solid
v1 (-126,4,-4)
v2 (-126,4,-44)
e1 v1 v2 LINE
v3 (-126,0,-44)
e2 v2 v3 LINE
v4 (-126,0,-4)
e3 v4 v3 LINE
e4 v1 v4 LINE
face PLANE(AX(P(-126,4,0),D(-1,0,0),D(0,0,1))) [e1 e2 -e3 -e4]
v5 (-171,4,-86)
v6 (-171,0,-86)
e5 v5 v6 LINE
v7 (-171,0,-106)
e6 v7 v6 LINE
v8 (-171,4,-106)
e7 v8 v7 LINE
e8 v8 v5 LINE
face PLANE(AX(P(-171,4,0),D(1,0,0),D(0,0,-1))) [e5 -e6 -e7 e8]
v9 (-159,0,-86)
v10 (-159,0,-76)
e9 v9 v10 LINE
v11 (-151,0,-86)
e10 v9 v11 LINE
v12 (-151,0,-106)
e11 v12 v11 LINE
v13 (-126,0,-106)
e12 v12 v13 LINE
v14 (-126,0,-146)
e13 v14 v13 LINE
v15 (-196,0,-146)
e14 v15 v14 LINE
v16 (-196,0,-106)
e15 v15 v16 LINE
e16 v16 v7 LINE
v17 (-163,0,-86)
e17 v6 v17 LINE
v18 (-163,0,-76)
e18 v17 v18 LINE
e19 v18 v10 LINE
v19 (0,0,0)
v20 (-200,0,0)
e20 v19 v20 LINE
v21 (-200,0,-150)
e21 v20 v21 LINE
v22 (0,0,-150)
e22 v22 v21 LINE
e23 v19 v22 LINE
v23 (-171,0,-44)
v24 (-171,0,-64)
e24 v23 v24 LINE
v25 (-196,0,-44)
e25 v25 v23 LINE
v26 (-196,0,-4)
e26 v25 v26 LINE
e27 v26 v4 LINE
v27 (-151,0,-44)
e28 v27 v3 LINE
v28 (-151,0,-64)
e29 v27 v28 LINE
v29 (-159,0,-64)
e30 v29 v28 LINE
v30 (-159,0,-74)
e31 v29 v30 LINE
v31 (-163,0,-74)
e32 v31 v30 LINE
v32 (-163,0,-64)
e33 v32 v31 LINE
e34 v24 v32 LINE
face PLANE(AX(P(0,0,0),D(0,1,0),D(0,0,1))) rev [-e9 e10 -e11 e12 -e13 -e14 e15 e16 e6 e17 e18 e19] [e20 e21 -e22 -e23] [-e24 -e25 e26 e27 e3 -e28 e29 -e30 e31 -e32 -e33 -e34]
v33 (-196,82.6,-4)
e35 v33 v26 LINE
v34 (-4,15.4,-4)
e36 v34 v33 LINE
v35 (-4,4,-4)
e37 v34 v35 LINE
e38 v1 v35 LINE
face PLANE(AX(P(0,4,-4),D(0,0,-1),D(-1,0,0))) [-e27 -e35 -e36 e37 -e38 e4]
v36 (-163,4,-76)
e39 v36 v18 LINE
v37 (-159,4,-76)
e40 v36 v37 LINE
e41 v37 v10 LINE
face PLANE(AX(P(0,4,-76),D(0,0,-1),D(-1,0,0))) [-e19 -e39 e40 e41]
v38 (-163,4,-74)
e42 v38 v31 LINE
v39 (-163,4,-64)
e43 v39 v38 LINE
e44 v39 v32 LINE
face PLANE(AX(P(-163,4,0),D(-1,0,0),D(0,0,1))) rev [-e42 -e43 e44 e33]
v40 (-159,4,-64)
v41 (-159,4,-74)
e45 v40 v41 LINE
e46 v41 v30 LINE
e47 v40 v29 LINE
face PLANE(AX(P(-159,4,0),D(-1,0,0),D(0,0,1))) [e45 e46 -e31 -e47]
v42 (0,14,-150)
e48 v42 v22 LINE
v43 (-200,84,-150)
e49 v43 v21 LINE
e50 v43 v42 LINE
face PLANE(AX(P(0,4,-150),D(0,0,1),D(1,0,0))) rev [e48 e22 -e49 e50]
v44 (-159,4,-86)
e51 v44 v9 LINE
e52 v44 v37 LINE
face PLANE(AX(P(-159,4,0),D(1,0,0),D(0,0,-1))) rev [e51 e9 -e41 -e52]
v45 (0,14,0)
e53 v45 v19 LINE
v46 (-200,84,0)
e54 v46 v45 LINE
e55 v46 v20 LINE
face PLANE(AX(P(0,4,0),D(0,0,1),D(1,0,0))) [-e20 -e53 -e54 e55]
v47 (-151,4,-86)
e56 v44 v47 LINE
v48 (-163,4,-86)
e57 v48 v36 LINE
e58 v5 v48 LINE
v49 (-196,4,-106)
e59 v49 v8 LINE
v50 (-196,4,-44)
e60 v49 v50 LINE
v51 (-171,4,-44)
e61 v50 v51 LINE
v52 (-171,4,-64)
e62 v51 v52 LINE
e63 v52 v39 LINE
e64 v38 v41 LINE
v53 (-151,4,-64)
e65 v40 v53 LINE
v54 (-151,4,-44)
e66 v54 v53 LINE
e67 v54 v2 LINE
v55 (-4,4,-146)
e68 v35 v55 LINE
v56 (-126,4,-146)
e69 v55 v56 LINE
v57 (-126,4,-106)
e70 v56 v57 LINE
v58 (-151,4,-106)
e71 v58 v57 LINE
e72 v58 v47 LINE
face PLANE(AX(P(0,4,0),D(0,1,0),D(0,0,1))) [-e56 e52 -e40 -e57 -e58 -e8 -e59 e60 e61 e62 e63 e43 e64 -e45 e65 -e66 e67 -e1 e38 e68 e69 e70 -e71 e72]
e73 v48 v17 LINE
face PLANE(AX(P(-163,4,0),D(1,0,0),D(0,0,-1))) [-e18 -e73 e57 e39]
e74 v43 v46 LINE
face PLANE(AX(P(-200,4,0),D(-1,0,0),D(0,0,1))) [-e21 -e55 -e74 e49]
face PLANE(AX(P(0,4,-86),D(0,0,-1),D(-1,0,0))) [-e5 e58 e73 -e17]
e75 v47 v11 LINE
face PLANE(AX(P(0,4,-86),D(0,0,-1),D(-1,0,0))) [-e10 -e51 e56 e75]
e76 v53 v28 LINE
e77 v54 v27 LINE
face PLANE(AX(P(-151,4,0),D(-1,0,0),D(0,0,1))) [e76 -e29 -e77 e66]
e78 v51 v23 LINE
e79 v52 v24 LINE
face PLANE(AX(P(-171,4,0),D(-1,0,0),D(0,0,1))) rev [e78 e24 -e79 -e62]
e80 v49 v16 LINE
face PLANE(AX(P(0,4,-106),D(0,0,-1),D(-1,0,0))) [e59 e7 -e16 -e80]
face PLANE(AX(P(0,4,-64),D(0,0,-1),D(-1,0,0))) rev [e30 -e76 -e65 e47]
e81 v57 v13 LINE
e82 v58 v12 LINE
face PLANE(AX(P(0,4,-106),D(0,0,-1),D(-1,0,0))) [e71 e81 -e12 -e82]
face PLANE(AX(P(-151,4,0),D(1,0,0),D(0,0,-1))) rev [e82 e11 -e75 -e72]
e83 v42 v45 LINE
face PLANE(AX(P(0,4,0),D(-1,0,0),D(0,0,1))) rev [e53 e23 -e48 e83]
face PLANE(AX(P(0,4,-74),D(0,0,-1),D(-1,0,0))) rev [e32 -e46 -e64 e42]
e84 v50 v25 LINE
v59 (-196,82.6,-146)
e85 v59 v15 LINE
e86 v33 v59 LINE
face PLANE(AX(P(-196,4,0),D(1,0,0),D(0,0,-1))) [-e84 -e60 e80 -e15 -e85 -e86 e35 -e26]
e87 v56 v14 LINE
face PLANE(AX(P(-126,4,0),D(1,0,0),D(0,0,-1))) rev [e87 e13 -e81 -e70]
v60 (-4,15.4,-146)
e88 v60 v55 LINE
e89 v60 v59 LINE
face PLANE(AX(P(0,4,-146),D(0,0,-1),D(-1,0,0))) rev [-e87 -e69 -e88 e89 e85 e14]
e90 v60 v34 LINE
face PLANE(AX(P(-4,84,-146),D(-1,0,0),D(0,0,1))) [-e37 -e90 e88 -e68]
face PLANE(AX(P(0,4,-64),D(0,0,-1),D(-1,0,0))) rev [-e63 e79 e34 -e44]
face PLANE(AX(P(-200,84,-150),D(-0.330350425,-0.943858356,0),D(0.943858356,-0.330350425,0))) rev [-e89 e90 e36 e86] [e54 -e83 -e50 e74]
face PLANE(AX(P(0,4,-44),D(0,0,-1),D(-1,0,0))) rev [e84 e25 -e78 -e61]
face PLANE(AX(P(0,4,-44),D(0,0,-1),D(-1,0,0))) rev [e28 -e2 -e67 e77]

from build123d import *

# Parameters (mm, degrees)
SKETCH1_W           = 200
SKETCH1_H           = 150
SKETCH1_W_2         = 192
SKETCH1_H_2         = 142
BOSS_EXTRUDE2_DEPTH = 4
SKETCH2_W           = 200
SKETCH2_H           = 150
SKETCH2_W_2         = 192
SKETCH2_H_2         = 142
BOSS_EXTRUDE3_DEPTH = 80
CUT_EXTRUDE1_DEPTH  = 150


with BuildPart() as part:
    # Sketch1 → Boss-Extrude2 (new body)
    # profile 1 of 3: a face of its own
    with BuildSketch(Plane(origin=(0, 0, 0), x_dir=(1, 0, 0), z_dir=(0, 1, 0))):
        with Locations((-100, 75)):
            Rectangle(SKETCH1_W, SKETCH1_H)
        with Locations((-100, 75)):
            Rectangle(SKETCH1_W_2, SKETCH1_H_2, mode=Mode.SUBTRACT)
    # profile 2 of 3: a face of its own
    with BuildSketch(Plane(origin=(0, 0, 0), x_dir=(1, 0, 0), z_dir=(0, 1, 0))):
        Polygon((-4, 75), (-196, 75), (-196, 44), (-171, 44), (-171, 64), (-163, 64), (-163, 74), (-159, 74), (-159, 64), (-151, 64), (-151, 44), (-126, 44), (-126, 4), (-4, 4), align=None)
    # profile 3 of 3: a face of its own
    with BuildSketch(Plane(origin=(0, 0, 0), x_dir=(1, 0, 0), z_dir=(0, 1, 0))):
        Polygon((-196, 106), (-196, 75), (-4, 75), (-4, 146), (-126, 146), (-126, 106), (-151, 106), (-151, 86), (-159, 86), (-159, 76), (-163, 76), (-163, 86), (-171, 86), (-171, 106), align=None)
    extrude(amount=BOSS_EXTRUDE2_DEPTH)

    # Sketch2 → Boss-Extrude3 (add)
    with BuildSketch(Plane(origin=(0, 4, 0), x_dir=(1, 0, 0), z_dir=(0, 1, 0))):
        with Locations((-100, 75)):
            Rectangle(SKETCH2_W, SKETCH2_H)
        with Locations((-100, 75)):
            Rectangle(SKETCH2_W_2, SKETCH2_H_2, mode=Mode.SUBTRACT)
    extrude(amount=BOSS_EXTRUDE3_DEPTH)

    # Sketch3 → Cut-Extrude1 (cut)
    with BuildSketch(Plane.XY):
        Polygon((-200, 84), (0, 14), (0, 84), align=None)
    extrude(amount=-CUT_EXTRUDE1_DEPTH, mode=Mode.SUBTRACT)


solid = part.part
